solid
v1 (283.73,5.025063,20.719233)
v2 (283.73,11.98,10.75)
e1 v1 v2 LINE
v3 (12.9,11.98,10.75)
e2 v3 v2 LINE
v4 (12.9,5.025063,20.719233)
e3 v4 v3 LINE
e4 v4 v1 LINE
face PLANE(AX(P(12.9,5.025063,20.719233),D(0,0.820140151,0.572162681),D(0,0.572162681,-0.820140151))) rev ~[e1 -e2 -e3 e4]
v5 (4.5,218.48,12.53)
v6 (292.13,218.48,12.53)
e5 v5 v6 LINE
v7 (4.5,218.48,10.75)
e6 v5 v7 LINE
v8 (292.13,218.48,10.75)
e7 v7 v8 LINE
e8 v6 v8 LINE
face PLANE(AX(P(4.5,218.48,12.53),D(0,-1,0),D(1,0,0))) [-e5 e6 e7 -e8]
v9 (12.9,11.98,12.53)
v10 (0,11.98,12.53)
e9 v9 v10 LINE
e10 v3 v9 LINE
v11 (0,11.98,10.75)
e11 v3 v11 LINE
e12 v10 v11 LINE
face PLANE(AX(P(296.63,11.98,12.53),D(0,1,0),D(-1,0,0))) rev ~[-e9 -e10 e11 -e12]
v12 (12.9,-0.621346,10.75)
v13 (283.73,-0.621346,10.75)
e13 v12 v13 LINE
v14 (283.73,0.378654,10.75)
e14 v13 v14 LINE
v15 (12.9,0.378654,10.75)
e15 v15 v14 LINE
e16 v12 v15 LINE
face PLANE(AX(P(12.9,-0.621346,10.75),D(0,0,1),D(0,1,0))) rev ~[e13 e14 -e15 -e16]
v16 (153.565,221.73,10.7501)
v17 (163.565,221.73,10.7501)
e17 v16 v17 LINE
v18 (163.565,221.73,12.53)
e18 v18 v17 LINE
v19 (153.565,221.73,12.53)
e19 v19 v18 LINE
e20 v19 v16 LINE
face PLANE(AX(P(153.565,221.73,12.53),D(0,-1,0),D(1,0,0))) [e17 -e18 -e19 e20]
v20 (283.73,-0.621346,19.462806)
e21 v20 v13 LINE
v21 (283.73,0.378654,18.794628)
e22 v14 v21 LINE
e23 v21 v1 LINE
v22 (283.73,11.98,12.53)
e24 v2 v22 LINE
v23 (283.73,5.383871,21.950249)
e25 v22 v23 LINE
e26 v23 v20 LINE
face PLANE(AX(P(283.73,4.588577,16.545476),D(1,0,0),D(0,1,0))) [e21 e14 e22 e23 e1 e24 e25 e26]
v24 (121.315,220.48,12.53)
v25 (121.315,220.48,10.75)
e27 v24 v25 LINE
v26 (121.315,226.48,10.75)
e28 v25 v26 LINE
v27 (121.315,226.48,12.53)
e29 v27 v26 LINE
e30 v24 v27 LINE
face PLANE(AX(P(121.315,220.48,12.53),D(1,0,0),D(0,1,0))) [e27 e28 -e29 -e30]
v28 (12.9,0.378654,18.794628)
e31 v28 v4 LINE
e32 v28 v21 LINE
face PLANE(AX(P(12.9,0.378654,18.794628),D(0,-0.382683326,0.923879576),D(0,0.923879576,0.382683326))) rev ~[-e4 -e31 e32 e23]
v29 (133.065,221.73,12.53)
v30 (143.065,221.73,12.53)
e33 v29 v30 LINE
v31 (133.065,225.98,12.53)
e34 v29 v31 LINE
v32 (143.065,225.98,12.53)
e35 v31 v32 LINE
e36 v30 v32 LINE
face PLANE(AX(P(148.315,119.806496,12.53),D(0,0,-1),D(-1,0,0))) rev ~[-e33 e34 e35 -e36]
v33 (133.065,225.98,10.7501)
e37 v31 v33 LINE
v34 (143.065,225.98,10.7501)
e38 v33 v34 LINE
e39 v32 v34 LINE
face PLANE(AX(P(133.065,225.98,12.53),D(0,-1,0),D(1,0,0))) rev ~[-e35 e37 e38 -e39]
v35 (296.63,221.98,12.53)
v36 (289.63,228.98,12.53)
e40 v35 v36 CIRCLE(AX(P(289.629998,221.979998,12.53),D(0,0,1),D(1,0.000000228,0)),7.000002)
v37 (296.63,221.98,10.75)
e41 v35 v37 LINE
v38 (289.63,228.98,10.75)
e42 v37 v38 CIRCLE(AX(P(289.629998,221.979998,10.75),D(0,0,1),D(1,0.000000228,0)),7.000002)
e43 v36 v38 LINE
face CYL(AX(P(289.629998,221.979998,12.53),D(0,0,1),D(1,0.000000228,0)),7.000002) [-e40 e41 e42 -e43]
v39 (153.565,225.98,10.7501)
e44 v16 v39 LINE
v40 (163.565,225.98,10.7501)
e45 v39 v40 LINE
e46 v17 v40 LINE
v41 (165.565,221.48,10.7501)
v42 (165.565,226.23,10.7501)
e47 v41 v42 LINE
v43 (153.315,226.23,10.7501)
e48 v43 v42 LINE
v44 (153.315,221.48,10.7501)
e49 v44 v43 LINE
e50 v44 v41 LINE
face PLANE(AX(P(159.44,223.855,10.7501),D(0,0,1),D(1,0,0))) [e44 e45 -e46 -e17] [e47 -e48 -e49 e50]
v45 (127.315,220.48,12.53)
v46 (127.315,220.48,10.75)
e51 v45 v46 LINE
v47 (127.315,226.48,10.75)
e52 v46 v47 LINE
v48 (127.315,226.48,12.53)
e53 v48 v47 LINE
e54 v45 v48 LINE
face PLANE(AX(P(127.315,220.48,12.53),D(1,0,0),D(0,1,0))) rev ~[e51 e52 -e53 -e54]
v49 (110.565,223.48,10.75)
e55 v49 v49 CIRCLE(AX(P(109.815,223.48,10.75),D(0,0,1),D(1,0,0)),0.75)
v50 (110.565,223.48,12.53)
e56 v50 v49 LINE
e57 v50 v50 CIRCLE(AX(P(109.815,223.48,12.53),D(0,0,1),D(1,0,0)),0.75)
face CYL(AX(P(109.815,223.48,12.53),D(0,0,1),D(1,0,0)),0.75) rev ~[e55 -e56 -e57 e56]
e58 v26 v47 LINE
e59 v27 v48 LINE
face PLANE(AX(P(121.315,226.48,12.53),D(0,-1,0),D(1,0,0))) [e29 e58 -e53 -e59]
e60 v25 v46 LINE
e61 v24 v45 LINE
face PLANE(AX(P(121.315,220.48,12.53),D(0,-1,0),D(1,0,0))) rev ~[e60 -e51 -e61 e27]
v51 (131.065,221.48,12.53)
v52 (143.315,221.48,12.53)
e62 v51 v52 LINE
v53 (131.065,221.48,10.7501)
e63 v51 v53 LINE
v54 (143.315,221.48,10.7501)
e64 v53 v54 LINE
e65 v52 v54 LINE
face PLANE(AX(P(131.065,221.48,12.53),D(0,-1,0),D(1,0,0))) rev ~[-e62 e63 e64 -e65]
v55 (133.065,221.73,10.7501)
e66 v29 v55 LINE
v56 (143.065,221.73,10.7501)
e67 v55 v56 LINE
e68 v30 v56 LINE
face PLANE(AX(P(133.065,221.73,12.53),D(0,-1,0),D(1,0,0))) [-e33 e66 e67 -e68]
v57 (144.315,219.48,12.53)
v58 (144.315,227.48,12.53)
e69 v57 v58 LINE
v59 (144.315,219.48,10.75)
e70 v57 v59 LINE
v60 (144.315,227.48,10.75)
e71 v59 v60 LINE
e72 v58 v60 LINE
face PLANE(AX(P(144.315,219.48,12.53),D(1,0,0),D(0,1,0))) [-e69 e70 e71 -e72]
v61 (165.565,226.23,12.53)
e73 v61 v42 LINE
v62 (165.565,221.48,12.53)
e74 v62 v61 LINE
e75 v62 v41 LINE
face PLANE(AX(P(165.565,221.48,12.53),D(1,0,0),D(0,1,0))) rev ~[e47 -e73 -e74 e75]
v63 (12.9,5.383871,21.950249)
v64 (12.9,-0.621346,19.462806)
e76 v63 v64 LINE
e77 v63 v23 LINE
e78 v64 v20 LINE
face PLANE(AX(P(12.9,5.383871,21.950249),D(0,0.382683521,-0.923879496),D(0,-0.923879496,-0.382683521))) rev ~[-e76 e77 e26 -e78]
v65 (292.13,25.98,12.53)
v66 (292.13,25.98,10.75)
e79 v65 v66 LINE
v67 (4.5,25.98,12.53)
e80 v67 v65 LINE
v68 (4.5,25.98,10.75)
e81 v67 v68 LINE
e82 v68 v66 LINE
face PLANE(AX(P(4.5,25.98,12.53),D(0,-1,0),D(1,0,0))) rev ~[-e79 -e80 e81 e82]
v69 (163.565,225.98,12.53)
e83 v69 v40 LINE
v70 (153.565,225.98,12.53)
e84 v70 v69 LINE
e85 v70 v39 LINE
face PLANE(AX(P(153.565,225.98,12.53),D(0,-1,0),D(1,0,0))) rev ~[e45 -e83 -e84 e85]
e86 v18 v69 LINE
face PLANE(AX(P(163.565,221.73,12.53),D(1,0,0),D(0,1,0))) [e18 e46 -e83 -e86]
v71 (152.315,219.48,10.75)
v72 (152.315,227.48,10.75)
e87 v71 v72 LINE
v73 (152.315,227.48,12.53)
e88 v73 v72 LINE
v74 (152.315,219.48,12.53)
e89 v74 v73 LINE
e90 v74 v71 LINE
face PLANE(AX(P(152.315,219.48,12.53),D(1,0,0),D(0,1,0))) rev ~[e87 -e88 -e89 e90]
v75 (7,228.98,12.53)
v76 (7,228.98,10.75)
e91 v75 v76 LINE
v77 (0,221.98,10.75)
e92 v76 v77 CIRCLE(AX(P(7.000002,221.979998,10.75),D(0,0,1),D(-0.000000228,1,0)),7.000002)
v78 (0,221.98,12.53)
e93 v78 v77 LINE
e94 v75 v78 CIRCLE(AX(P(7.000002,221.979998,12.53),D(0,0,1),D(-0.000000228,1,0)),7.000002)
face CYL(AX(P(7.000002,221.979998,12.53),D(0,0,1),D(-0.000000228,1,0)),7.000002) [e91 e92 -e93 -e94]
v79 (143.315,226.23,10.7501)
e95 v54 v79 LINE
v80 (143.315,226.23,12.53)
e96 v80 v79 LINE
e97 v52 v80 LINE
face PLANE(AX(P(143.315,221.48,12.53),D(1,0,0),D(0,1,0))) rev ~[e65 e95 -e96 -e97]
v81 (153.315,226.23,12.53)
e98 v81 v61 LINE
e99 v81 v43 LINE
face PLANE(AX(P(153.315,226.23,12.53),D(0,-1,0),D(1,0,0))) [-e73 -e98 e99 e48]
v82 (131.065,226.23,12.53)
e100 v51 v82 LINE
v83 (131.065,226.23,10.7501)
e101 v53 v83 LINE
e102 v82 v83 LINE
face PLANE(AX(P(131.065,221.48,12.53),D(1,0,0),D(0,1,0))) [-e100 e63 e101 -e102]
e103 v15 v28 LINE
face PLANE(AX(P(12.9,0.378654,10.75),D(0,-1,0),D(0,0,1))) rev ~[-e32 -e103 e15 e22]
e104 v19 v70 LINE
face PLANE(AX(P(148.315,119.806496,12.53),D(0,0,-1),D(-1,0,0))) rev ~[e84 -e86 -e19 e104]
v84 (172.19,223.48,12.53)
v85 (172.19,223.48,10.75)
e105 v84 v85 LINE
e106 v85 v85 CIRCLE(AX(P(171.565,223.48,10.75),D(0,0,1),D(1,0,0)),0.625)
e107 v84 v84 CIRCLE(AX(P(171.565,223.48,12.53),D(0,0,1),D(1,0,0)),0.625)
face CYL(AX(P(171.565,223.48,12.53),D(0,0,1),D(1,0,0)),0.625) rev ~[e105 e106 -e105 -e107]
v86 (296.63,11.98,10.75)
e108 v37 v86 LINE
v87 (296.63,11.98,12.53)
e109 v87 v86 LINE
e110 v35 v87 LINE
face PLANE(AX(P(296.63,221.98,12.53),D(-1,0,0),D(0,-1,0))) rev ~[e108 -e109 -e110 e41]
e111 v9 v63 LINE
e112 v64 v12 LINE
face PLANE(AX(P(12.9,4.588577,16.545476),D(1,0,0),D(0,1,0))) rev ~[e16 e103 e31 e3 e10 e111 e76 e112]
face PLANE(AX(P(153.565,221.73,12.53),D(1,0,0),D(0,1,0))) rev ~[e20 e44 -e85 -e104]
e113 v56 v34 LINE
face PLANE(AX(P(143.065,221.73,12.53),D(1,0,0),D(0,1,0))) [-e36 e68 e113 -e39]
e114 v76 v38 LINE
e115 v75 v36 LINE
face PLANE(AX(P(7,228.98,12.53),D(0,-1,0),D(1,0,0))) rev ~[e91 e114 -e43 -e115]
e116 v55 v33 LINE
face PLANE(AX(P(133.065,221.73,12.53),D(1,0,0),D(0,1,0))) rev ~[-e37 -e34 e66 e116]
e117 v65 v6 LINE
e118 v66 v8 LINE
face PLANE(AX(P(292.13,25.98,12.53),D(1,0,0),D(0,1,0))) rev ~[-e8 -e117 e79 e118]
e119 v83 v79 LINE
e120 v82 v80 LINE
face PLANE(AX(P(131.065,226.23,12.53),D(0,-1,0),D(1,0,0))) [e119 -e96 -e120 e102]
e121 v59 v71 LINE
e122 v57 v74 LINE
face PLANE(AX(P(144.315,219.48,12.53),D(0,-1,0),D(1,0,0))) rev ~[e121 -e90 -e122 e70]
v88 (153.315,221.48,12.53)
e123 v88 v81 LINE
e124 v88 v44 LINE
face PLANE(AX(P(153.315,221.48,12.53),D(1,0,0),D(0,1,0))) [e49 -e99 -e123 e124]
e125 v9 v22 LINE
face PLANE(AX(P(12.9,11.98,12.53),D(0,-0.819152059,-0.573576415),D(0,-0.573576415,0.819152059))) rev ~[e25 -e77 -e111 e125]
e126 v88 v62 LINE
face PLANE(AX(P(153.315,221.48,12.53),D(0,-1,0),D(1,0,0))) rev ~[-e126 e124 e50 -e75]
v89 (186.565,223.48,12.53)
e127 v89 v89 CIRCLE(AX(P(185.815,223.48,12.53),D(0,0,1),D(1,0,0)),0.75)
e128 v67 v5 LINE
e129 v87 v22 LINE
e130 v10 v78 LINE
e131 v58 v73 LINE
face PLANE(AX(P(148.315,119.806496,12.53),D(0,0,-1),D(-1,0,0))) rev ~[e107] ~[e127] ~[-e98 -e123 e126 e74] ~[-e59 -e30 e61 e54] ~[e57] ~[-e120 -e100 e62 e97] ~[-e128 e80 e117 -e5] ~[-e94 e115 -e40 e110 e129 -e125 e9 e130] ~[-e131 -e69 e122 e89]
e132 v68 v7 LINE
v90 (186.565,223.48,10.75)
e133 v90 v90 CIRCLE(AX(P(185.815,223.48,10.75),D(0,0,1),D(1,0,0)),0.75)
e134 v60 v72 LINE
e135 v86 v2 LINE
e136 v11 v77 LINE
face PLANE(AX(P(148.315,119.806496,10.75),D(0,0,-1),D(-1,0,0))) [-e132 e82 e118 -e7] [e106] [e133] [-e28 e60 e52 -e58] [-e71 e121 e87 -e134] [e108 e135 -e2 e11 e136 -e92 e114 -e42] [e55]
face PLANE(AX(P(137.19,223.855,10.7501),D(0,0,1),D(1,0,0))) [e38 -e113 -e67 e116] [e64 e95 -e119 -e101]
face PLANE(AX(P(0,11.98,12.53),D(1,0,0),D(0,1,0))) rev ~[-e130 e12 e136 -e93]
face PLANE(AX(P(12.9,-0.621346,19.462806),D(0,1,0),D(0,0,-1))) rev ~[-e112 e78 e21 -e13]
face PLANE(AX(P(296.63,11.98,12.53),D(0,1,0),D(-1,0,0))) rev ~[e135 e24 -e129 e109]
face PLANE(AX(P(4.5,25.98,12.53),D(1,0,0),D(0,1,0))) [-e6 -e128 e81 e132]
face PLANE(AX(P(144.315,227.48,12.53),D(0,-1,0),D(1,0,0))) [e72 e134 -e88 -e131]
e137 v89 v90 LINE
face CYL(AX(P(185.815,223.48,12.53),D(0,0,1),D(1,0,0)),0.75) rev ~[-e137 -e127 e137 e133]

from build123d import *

# Parameters (mm, degrees)
SKETCH009_R   = 0.625
SKETCH009_R_2 = 0.75
SKETCH009_W   = 287.63
SKETCH009_H   = 192.5
SKETCH009_W_2 = 8
SKETCH009_H_2 = 8
SKETCH009_W_3 = 6
SKETCH009_H_3 = 6
PAD002_DEPTH  = 1.78
SKETCH_W      = 12.25
SKETCH_H      = 4.75
SKETCH_W_2    = 10
SKETCH_H_2    = 4.25
POCKET_DEPTH  = 1.7799
PAD_START     = 12.9
PAD_DEPTH     = 270.83


with BuildPart() as part:
    # Sketch009 → Pad002 (new body)
    with BuildSketch(Plane.XY.offset(12.53)):
        with BuildLine():
            Line((7, 228.98), (289.63, 228.98))
            ThreePointArc((296.63, 221.98), (294.579747, 226.929747), (289.63, 228.98))
            Line((296.63, 221.98), (296.63, 11.98))
            Line((296.63, 11.98), (0, 11.98))
            Line((0, 11.98), (0, 221.98))
            ThreePointArc((7, 228.98), (2.050253, 226.929747), (0, 221.98))
        make_face()
        with Locations((171.565, 223.48)):
            Circle(SKETCH009_R, mode=Mode.SUBTRACT)
        with Locations((185.815, 223.48)):
            Circle(SKETCH009_R_2, mode=Mode.SUBTRACT)
        with Locations((109.815, 223.48)):
            Circle(SKETCH009_R_2, mode=Mode.SUBTRACT)
        with Locations((148.315, 122.23)):
            Rectangle(SKETCH009_W, SKETCH009_H, mode=Mode.SUBTRACT)
        with Locations((148.315, 223.48)):
            Rectangle(SKETCH009_W_2, SKETCH009_H_2, mode=Mode.SUBTRACT)
        with Locations((124.315, 223.48)):
            Rectangle(SKETCH009_W_3, SKETCH009_H_3, mode=Mode.SUBTRACT)
    extrude(amount=-PAD002_DEPTH)

    # Sketch (on Sketch) → Pocket (cut)
    with BuildSketch(Plane.XY.offset(12.53)):
        with Locations((137.19, 223.855)):
            Rectangle(SKETCH_W, SKETCH_H)
        with Locations((138.065, 223.855)):
            Rectangle(SKETCH_W_2, SKETCH_H_2, mode=Mode.SUBTRACT)
        with Locations((159.44, 223.855)):
            Rectangle(SKETCH_W, SKETCH_H)
        with Locations((158.565, 223.855)):
            Rectangle(SKETCH_W_2, SKETCH_H_2, mode=Mode.SUBTRACT)
    extrude(amount=-POCKET_DEPTH, mode=Mode.SUBTRACT)

    # Sketch010 → Pad (join)
    with BuildSketch(Plane.YZ.offset(PAD_START)):
        Polygon((11.98, 12.53), (5.383871, 21.950249), (-0.621346, 19.462806), (-0.621346, 10.75), (0.378654, 10.75), (0.378654, 18.794628), (5.025063, 20.719233), (11.98, 10.75), align=None)
    extrude(amount=PAD_DEPTH)


solid = part.part
